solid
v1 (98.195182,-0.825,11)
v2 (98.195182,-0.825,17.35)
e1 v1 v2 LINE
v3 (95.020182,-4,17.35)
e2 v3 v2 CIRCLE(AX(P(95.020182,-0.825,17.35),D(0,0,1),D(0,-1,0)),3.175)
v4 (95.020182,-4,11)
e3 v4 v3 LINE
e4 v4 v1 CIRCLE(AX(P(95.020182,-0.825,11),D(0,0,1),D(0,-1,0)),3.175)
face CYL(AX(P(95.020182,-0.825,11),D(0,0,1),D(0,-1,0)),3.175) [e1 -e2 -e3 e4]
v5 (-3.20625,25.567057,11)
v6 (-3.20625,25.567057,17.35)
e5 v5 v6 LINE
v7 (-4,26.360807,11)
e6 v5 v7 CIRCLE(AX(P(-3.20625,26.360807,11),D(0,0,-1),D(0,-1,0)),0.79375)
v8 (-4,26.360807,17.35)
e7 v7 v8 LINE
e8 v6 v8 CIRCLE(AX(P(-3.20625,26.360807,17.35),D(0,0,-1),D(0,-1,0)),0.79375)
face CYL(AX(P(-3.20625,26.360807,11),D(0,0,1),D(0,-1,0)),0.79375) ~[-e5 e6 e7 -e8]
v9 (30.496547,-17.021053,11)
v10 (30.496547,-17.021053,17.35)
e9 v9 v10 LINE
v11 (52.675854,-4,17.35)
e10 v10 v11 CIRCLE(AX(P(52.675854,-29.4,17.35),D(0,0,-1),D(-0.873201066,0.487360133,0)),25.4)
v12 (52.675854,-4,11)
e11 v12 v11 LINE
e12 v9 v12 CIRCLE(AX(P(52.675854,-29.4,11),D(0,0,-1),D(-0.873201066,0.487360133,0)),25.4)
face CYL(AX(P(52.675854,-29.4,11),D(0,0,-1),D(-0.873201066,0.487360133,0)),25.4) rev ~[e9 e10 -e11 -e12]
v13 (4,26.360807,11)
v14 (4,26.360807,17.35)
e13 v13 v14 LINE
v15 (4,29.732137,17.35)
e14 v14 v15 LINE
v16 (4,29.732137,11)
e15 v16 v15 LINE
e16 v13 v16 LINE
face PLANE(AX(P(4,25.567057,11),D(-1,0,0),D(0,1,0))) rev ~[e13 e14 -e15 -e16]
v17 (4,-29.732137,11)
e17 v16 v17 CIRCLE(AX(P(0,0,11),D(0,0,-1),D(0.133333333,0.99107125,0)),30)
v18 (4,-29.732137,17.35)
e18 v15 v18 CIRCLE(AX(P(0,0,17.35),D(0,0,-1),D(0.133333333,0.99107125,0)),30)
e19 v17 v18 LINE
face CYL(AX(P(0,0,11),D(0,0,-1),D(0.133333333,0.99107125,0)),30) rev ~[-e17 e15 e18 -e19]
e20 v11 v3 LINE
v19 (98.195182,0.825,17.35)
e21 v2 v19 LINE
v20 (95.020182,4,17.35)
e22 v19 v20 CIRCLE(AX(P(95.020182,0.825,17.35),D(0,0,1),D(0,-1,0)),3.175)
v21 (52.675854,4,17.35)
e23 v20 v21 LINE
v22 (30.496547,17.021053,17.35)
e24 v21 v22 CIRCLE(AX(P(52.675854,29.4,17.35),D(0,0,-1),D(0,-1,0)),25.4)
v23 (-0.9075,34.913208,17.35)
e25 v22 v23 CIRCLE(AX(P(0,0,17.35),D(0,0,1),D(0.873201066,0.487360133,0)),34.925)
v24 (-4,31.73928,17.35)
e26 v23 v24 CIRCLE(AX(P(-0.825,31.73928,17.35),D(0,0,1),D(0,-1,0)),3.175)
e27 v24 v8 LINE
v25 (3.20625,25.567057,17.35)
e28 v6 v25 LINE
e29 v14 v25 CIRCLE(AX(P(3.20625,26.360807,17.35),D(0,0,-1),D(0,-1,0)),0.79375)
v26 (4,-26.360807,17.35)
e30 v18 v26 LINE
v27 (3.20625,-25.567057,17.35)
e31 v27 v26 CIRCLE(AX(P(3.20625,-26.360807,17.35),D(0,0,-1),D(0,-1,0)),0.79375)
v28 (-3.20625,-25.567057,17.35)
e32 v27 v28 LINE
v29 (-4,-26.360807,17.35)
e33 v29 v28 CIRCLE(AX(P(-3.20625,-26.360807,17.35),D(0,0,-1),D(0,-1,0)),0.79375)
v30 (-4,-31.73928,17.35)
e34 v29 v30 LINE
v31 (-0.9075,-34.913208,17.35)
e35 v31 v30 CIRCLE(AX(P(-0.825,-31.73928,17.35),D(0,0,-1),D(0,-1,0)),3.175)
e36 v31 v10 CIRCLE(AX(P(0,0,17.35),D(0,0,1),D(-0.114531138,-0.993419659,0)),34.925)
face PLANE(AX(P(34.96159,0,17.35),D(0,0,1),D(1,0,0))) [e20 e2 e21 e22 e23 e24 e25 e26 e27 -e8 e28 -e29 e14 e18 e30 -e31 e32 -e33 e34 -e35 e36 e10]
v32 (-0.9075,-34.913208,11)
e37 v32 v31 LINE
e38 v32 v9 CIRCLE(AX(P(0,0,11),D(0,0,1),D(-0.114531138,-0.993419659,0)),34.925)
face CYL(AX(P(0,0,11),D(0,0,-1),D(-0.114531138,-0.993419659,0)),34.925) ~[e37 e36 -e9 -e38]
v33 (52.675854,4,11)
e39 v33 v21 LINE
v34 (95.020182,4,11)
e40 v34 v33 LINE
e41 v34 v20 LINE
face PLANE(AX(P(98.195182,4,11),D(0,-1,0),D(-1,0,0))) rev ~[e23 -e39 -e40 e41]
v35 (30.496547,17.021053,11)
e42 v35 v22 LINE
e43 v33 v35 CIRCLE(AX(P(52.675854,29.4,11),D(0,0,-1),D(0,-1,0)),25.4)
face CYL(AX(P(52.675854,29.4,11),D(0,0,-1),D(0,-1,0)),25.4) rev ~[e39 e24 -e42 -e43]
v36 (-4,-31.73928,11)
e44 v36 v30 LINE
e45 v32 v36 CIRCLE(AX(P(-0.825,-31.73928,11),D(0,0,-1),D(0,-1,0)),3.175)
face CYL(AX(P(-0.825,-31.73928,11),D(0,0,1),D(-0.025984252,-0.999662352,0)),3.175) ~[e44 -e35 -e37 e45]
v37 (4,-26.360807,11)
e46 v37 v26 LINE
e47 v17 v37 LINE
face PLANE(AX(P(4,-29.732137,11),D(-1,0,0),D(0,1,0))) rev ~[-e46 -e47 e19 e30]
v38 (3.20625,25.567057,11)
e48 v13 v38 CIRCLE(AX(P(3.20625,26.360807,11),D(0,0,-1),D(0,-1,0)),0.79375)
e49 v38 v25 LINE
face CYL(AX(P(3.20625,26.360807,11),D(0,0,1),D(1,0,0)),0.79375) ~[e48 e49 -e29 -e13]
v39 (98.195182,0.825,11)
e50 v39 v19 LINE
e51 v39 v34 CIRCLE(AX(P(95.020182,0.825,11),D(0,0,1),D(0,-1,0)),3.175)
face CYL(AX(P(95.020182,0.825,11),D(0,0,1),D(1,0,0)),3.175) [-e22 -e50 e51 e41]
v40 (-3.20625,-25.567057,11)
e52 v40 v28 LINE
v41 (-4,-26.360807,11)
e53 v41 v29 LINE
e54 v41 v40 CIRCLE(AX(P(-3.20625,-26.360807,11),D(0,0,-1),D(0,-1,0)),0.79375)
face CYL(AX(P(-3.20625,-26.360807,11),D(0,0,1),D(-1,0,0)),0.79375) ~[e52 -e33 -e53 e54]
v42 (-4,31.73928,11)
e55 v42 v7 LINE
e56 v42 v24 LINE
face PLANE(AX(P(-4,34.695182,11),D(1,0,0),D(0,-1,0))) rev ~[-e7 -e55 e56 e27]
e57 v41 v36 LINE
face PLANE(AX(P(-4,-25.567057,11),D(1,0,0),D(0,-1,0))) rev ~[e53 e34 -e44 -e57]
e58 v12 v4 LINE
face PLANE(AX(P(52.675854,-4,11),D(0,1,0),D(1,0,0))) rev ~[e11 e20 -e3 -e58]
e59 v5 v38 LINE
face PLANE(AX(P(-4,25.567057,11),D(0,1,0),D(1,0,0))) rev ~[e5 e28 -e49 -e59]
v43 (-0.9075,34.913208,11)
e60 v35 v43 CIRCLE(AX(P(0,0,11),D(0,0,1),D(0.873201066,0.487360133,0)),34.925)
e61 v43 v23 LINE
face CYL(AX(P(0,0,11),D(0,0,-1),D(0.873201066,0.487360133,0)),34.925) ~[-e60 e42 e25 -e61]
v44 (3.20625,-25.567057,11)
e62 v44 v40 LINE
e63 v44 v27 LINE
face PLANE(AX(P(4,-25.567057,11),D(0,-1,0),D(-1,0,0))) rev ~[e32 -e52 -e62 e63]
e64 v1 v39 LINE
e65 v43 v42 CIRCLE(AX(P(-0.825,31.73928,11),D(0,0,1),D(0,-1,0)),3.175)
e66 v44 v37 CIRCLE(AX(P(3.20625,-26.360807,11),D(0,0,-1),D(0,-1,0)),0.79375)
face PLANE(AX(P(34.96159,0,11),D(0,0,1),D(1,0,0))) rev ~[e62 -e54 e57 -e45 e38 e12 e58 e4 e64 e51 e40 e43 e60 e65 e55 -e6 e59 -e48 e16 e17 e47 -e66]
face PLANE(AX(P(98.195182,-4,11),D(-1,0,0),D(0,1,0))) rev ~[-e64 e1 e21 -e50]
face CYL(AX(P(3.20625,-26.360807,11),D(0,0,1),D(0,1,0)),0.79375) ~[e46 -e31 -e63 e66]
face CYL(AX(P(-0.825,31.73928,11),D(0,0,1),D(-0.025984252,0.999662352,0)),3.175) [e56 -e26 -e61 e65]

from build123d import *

# Parameters (mm, degrees)
F0_R     = 18.25
F1_DEPTH = 11
F3_DEPTH = 6.35
F4_R     = 3.175
F5_R     = 0.79375


with BuildPart() as f1:
    # F0 (on Top) → F1 (new body)
    with BuildSketch(Plane.XY):
        with BuildLine():
            Line((-24.7792251695, -4), (-28.6218448043, -4))
            ThreePointArc((-28.6218448043, -4), (-20.4353859763, -20.4353859763), (-4, -28.6218448043))
            Line((-4, -28.6218448043), (-4, -24.7792251695))
            ThreePointArc((-4, -24.7792251695), (0, -25.1), (4, -24.7792251695))
            Line((4, -24.7792251695), (4, -28.6218448043))
            ThreePointArc((4, -28.6218448043), (20.4353859763, -20.4353859763), (28.6218448043, -4))
            Line((28.6218448043, -4), (24.7792251695, -4))
            ThreePointArc((24.7792251695, -4), (25.1, 0), (24.7792251695, 4))
            Line((24.7792251695, 4), (28.6218448043, 4))
            ThreePointArc((28.6218448043, 4), (20.4353859763, 20.4353859763), (4, 28.6218448043))
            Line((4, 28.6218448043), (4, 24.7792251695))
            ThreePointArc((4, 24.7792251695), (0, 25.1), (-4, 24.7792251695))
            Line((-4, 24.7792251695), (-4, 28.6218448043))
            ThreePointArc((-4, 28.6218448043), (-20.4353859763, 20.4353859763), (-28.6218448043, 4))
            Line((-28.6218448043, 4), (-24.7792251695, 4))
            ThreePointArc((-24.7792251695, 4), (-25.1, 0), (-24.7792251695, -4))
        make_face()
        Circle(F0_R, mode=Mode.SUBTRACT)
    extrude(amount=F1_DEPTH)


with BuildPart() as f3:
    # F2 (on face) → F3 (new body)
    with BuildSketch(Plane.XY.offset(11)):
        with BuildLine():
            Line((-4, -28.6218448043), (-4, -34.6951815819))
            ThreePointArc((-4, -34.6951815819), (15.925151873, -31.0828757167), (30.4965472195, -17.0210526316))
            ThreePointArc((30.4965472195, -17.0210526316), (39.8163298639, -7.4958307261), (52.6758542883, -4))
            Line((52.6758542883, -4), (98.1951815819, -4))
            Line((98.1951815819, -4), (98.1951815819, 4))
            Line((98.1951815819, 4), (52.6758542883, 4))
            ThreePointArc((52.6758542883, 4), (39.8163298639, 7.4958307261), (30.4965472195, 17.0210526316))
            ThreePointArc((30.4965472195, 17.0210526316), (15.925151873, 31.0828757167), (-4, 34.6951815819))
            Line((-4, 34.6951815819), (-4, 28.6218448043))
            Line((-4, 28.6218448043), (-4, 25.5670565819))
            Line((-4, 25.5670565819), (4, 25.5670565819))
            Line((4, 25.5670565819), (4, 28.6218448043))
            Line((4, 28.6218448043), (4, 29.7321374946))
            ThreePointArc((4, 29.7321374946), (30, 0), (4, -29.7321374946))
            Line((4, -29.7321374946), (4, -28.6218448043))
            Line((4, -28.6218448043), (4, -25.5670565819))
            Line((4, -25.5670565819), (-4, -25.5670565819))
            Line((-4, -25.5670565819), (-4, -28.6218448043))
        make_face()
    extrude(amount=F3_DEPTH)

    # F4
    f4_edges = [f3.edges().sort_by_distance(p)[0] for p in [
        (-4, -34.695182, 14.175),
        (-4, 34.695182, 14.175),
        (98.195182, -4, 14.175),
        (98.195182, 4, 14.175),
    ]]
    fillet(f4_edges, radius=F4_R)

    # F5
    f5_edges = [f3.edges().sort_by_distance(p)[0] for p in [
        (-4, -25.567057, 14.175),
        (4, -25.567057, 14.175),
        (-4, 25.567057, 14.175),
        (4, 25.567057, 14.175),
    ]]
    fillet(f5_edges, radius=F5_R)


solid = f3.part
